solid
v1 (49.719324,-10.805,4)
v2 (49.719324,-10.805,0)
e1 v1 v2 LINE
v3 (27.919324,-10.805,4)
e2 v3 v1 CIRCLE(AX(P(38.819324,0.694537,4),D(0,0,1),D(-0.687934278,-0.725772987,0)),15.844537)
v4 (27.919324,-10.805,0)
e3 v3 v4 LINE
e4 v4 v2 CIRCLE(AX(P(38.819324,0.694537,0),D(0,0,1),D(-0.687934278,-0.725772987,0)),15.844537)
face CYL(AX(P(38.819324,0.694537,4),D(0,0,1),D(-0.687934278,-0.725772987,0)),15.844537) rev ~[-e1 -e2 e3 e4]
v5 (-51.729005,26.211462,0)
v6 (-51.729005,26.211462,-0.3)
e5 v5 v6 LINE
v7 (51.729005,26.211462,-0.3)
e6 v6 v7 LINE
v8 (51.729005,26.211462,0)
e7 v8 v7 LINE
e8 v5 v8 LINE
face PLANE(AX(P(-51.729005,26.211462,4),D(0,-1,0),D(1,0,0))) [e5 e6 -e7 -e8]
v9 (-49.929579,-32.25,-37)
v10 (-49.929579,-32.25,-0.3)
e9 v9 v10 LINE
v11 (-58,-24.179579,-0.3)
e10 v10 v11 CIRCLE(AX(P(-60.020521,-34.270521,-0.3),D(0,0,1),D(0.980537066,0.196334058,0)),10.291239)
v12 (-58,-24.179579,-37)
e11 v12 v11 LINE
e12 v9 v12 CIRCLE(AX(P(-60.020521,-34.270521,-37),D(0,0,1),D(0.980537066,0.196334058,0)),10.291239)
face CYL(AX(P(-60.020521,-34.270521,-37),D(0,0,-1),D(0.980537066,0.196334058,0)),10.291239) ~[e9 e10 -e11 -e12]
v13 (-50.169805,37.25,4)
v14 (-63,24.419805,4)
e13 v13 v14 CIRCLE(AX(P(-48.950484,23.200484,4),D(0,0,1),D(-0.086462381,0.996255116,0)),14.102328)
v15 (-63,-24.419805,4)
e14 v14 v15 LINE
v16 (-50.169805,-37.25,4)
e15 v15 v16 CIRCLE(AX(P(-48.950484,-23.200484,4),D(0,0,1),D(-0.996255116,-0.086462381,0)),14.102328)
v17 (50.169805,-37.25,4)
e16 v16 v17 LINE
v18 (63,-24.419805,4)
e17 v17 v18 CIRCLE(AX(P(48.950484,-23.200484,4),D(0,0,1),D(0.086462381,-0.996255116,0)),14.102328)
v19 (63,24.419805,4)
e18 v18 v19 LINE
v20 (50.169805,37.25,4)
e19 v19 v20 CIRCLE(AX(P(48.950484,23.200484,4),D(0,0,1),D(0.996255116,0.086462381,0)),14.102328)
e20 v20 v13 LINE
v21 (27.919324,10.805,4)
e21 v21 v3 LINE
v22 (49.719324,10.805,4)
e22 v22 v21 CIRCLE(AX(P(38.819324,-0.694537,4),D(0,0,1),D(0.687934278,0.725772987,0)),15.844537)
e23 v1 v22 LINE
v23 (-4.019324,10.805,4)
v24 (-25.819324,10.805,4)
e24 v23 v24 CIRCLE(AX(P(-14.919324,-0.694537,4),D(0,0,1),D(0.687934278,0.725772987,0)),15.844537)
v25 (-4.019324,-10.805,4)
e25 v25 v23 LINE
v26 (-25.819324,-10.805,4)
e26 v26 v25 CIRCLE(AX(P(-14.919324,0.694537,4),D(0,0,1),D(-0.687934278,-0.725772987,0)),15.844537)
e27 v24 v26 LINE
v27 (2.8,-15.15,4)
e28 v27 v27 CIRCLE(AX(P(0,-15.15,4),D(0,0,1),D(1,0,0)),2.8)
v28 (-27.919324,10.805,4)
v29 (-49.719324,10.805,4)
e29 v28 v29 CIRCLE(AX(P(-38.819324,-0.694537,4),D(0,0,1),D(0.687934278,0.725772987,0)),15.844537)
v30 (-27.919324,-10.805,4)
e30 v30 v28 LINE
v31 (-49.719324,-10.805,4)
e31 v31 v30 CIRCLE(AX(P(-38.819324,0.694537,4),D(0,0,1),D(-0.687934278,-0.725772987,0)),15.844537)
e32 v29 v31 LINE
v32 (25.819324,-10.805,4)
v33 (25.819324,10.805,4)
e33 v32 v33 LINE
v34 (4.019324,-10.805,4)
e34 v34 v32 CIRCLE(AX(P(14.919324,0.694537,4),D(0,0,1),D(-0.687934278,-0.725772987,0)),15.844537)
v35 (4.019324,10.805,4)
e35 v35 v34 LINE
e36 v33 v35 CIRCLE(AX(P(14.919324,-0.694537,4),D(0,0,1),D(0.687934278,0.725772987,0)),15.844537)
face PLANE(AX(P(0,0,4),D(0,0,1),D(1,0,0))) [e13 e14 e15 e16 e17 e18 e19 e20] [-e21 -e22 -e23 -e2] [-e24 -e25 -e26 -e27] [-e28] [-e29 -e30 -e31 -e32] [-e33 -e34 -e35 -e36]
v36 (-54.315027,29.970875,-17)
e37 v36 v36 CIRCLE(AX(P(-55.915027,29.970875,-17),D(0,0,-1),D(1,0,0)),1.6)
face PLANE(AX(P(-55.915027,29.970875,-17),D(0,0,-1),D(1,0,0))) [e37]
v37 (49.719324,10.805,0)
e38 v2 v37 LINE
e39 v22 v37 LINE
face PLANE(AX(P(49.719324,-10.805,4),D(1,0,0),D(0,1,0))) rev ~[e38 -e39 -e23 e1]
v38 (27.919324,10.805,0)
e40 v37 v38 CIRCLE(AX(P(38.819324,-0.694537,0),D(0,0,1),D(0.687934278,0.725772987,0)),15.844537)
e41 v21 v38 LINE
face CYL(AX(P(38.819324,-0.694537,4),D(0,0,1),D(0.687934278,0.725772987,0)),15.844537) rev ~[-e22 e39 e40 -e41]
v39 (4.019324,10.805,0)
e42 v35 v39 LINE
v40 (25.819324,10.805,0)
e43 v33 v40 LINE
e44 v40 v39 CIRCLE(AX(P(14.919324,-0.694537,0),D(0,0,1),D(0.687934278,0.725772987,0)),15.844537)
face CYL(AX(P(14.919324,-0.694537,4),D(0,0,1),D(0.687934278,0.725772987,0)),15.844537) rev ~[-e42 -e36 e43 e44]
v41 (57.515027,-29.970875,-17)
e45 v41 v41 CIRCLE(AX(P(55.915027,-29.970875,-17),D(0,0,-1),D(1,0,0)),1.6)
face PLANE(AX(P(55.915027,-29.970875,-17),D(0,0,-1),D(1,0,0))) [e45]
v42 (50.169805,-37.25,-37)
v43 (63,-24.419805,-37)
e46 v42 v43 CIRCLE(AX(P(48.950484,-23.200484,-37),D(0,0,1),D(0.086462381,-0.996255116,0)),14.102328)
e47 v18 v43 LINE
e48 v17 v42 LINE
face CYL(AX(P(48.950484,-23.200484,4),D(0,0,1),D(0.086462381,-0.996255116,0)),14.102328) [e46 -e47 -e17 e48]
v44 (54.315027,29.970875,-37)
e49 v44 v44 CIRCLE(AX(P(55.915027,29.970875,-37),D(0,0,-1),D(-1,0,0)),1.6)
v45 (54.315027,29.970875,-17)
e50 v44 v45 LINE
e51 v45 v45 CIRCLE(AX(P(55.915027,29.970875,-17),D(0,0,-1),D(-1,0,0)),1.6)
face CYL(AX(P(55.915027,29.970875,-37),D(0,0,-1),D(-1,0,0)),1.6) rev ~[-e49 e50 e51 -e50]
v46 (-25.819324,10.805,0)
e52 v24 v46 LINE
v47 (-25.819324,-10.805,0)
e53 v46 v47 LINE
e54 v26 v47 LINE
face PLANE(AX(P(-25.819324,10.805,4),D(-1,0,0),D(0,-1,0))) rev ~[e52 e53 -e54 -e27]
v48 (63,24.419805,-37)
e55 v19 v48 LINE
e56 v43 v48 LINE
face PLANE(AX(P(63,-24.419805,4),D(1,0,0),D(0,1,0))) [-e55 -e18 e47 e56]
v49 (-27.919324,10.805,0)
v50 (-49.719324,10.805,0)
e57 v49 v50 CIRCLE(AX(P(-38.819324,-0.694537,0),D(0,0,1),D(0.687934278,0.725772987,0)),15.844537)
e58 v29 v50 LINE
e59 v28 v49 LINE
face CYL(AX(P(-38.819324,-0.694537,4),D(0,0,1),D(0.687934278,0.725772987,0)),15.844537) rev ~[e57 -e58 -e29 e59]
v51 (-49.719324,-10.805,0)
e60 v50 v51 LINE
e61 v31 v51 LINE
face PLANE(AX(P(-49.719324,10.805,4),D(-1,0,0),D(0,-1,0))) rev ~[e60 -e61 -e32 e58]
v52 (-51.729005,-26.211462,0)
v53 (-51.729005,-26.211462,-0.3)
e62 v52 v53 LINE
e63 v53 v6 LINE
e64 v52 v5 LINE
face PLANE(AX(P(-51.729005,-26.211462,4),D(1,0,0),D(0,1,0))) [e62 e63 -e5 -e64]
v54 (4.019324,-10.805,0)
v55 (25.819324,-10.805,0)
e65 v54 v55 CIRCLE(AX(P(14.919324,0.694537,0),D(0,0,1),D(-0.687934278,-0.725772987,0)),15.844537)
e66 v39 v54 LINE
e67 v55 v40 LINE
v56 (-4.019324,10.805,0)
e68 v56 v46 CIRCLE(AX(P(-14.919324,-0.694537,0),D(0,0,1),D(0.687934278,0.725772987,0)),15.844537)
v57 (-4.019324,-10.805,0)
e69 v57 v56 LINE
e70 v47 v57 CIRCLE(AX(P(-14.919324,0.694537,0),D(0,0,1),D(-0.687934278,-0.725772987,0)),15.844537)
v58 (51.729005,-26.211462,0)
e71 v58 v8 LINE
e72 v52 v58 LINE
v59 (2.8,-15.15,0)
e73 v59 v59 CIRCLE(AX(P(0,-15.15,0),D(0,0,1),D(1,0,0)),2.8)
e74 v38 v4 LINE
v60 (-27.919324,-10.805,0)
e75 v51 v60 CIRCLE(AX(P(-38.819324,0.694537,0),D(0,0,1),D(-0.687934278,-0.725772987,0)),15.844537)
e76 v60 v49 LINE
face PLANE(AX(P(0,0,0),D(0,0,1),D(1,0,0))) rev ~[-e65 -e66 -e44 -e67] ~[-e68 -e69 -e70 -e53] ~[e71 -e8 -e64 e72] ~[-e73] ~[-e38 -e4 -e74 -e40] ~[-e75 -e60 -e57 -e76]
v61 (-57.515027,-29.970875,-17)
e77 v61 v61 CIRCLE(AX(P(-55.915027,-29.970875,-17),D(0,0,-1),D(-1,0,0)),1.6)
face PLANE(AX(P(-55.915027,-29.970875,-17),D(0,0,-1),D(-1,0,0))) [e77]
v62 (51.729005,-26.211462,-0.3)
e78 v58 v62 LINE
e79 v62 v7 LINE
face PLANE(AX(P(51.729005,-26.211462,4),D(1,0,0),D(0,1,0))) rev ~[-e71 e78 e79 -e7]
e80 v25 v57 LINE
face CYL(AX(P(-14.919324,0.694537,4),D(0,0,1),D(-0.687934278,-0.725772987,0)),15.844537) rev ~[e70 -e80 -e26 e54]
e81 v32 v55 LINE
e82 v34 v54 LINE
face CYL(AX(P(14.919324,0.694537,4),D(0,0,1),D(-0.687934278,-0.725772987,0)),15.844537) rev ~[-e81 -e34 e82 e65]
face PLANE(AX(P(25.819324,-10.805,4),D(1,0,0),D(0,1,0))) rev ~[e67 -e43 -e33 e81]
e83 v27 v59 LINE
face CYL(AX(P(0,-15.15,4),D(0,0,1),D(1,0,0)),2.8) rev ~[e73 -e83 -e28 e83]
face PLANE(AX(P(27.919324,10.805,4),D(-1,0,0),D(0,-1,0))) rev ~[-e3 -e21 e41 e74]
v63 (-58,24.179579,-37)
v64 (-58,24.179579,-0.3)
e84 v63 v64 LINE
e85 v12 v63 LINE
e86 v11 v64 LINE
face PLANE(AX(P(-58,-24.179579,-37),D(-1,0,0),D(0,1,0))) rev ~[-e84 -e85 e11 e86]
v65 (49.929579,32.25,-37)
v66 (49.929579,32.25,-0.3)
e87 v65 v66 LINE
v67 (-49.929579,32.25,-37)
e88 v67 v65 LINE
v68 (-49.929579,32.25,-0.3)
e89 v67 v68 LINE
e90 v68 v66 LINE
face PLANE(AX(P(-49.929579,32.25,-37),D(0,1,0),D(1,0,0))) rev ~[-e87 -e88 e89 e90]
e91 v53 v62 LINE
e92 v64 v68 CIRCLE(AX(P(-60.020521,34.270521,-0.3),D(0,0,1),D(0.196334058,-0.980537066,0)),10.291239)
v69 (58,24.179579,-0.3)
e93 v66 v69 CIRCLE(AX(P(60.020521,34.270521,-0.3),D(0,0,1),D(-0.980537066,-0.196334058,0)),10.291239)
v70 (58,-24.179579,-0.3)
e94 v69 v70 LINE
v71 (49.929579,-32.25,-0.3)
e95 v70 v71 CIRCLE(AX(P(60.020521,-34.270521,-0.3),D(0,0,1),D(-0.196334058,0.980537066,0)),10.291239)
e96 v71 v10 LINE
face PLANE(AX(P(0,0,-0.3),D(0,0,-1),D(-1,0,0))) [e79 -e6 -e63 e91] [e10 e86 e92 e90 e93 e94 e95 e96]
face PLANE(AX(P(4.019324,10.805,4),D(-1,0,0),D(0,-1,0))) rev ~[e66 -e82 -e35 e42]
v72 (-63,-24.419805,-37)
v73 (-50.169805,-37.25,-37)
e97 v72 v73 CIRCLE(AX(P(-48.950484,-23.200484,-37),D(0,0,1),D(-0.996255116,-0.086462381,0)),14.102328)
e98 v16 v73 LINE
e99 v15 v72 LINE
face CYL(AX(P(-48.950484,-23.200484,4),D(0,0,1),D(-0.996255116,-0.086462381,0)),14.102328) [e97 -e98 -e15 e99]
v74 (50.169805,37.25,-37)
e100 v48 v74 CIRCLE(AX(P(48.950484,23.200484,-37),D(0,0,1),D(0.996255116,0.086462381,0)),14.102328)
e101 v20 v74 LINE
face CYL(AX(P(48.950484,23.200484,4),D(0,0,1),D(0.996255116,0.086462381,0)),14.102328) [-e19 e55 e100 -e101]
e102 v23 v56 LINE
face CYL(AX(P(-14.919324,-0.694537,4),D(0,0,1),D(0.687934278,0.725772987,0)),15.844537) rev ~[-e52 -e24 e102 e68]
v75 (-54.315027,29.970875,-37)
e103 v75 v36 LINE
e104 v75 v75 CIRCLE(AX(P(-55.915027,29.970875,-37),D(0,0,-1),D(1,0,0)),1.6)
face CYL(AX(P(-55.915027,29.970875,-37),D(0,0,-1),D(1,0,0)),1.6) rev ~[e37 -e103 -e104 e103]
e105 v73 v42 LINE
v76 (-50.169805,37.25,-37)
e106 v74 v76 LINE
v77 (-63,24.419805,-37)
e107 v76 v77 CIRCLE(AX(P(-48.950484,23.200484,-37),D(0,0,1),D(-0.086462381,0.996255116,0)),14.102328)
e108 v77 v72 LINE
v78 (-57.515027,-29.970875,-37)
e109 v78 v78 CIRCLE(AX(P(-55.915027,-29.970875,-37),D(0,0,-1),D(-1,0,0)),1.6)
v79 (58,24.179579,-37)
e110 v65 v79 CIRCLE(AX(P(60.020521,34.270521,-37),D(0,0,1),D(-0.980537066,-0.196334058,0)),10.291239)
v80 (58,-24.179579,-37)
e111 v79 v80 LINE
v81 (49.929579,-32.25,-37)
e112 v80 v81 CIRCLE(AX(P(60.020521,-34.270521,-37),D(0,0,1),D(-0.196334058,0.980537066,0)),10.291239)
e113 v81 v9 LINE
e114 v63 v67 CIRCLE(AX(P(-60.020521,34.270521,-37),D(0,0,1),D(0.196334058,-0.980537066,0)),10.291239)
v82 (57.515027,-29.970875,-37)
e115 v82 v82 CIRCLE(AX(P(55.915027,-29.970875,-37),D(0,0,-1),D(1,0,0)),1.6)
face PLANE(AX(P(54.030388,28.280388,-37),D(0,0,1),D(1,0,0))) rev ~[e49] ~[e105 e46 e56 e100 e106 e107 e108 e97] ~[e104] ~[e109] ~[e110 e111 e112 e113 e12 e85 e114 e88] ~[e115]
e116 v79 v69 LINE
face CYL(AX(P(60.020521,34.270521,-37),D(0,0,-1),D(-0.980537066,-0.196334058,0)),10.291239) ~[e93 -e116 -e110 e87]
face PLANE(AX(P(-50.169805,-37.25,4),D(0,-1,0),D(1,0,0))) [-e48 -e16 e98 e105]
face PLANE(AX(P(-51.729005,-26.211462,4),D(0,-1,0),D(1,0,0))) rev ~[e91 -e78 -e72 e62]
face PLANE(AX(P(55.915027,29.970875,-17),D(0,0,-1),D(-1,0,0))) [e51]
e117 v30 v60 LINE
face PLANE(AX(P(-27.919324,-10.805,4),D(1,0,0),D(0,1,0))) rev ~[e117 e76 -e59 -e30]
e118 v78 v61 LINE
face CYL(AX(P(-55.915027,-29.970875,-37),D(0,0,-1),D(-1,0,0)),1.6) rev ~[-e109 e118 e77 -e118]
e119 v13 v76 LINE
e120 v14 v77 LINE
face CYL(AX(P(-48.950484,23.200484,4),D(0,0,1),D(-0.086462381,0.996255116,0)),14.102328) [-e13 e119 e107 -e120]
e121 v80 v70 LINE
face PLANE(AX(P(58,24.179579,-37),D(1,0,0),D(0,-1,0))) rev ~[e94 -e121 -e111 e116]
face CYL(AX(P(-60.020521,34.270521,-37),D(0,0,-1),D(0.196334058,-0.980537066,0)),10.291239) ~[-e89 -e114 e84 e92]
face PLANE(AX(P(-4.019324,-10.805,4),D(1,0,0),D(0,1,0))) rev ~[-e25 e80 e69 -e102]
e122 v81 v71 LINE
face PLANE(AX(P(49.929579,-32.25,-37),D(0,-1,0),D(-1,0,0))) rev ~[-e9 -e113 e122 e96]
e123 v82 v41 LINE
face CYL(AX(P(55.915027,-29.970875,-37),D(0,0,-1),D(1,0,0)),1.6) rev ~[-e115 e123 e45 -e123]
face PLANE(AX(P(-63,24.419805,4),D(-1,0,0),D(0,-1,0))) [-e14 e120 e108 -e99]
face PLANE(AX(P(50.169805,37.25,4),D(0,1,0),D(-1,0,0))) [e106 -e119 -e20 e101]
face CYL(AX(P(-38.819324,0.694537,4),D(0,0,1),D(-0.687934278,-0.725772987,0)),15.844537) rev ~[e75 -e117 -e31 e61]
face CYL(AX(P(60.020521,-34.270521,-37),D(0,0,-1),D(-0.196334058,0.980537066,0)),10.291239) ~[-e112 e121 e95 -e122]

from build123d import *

# Parameters (mm, degrees)
SKETCH_1_W          = 106
SKETCH_1_H          = 54.5
EXTRUDE_1_DEPTH     = 4
SKETCH_2_R          = 2.8
CUT_EXTRUDE_1_DEPTH = 4
SKETCH_3_W          = 103.45800924
SKETCH_3_H          = 52.422924748
EXTRUDE_2_DEPTH     = 41
CUT_EXTRUDE_2_DEPTH = 36.7
EXTRUDE_START       = 36.7
EXTRUDE_3_DEPTH     = 36.7
SKETCH_7_R          = 1.6
CUT_EXTRUDE_3_DEPTH = 20


with BuildPart() as part:
    # Эскиз1 → Бобышка-Вытянуть1 (new body)
    with BuildSketch(Plane.XY):
        Rectangle(SKETCH_1_W, SKETCH_1_H)
    extrude(amount=EXTRUDE_1_DEPTH)

    # Эскиз2 → Вырез-Вытянуть1 (cut)
    with BuildSketch(Plane.XY.offset(4)):
        with Locations((0, -15.15)):
            Circle(SKETCH_2_R)
        with BuildLine():
            Line((-49.719324036, 10.805), (-49.719324036, -10.805))
            ThreePointArc((-49.719324036, -10.805), (-38.819324036, -15.15), (-27.919324036, -10.805))
            Line((-27.919324036, -10.805), (-27.919324036, 10.805))
            ThreePointArc((-27.919324036, 10.805), (-38.819324036, 15.15), (-49.719324036, 10.805))
        make_face()
        with BuildLine():
            Line((-25.819324036, 10.805), (-25.819324036, -10.805))
            ThreePointArc((-25.819324036, -10.805), (-14.919324036, -15.15), (-4.019324036, -10.805))
            Line((-4.019324036, -10.805), (-4.019324036, 10.805))
            ThreePointArc((-4.019324036, 10.805), (-14.919324036, 15.15), (-25.819324036, 10.805))
        make_face()
        with BuildLine():
            Line((4.019324036, 10.805), (4.019324036, -10.805))
            ThreePointArc((4.019324036, -10.805), (14.919324036, -15.15), (25.819324036, -10.805))
            Line((25.819324036, -10.805), (25.819324036, 10.805))
            ThreePointArc((25.819324036, 10.805), (14.919324036, 15.15), (4.019324036, 10.805))
        make_face()
        with BuildLine():
            Line((27.919324036, 10.805), (27.919324036, -10.805))
            ThreePointArc((27.919324036, -10.805), (38.819324036, -15.15), (49.719324036, -10.805))
            Line((49.719324036, -10.805), (49.719324036, 10.805))
            ThreePointArc((49.719324036, 10.805), (38.819324036, 15.15), (27.919324036, 10.805))
        make_face()
    extrude(amount=-CUT_EXTRUDE_1_DEPTH, mode=Mode.SUBTRACT)

    # Эскиз3 → Бобышка-Вытянуть2 (add)
    with BuildSketch(Plane.XY.offset(4)):
        with BuildLine():
            Line((63, -24.419804811), (63, 24.419804811))
            ThreePointArc((63, 24.419804811), (58.922335459, 33.172335459), (50.169804811, 37.25))
            Line((50.169804811, 37.25), (-50.169804811, 37.25))
            ThreePointArc((-50.169804811, 37.25), (-58.922335459, 33.172335459), (-63, 24.419804811))
            Line((-63, 24.419804811), (-63, -24.419804811))
            ThreePointArc((-63, -24.419804811), (-58.922335459, -33.172335459), (-50.169804811, -37.25))
            Line((-50.169804811, -37.25), (50.169804811, -37.25))
            ThreePointArc((50.169804811, -37.25), (58.922335459, -33.172335459), (63, -24.419804811))
        make_face()
        Rectangle(SKETCH_3_W, SKETCH_3_H, mode=Mode.SUBTRACT)
    extrude(amount=-EXTRUDE_2_DEPTH)

    # Эскиз5 → Вырез-Вытянуть2 (cut)
    with BuildSketch(Plane(origin=(0, 0, -37), x_dir=(-1, 0, 0), z_dir=(0, 0, -1))):
        with BuildLine():
            Line((-58, 24.179579232), (-58, -24.179579232))
            ThreePointArc((-58, -24.179579232), (-55.386801553, -29.636801553), (-49.929579232, -32.25))
            Line((-49.929579232, -32.25), (49.929579232, -32.25))
            ThreePointArc((49.929579232, -32.25), (55.386801553, -29.636801553), (58, -24.179579232))
            Line((58, -24.179579232), (58, 24.179579232))
            ThreePointArc((58, 24.179579232), (55.386801553, 29.636801553), (49.929579232, 32.25))
            Line((49.929579232, 32.25), (-49.929579232, 32.25))
            ThreePointArc((-49.929579232, 32.25), (-55.386801553, 29.636801553), (-58, 24.179579232))
        make_face()
    extrude(amount=-CUT_EXTRUDE_2_DEPTH, mode=Mode.SUBTRACT)

    # Эскиз6 → Бобышка-Вытянуть3 (add)
    with BuildSketch(Plane(origin=(0, 0, -0.3), x_dir=(-1, 0, 0), z_dir=(0, 0, -1)).offset(EXTRUDE_START)):
        with BuildLine():
            ThreePointArc((-49.929579232, 32.25), (-52.743515709, 26.993515709), (-58, 24.179579232))
            ThreePointArc((-58, 24.179579232), (-55.386801553, 29.636801553), (-49.929579232, 32.25))
        make_face()
        with BuildLine():
            ThreePointArc((49.929579232, 32.25), (55.386801553, 29.636801553), (58, 24.179579232))
            ThreePointArc((58, 24.179579232), (52.743515709, 26.993515709), (49.929579232, 32.25))
        make_face()
        with BuildLine():
            ThreePointArc((49.929579232, -32.25), (52.743515709, -26.993515709), (58, -24.179579232))
            ThreePointArc((58, -24.179579232), (55.386801553, -29.636801553), (49.929579232, -32.25))
        make_face()
        with BuildLine():
            ThreePointArc((-49.929579232, -32.25), (-55.386801553, -29.636801553), (-58, -24.179579232))
            ThreePointArc((-58, -24.179579232), (-52.743515709, -26.993515709), (-49.929579232, -32.25))
        make_face()
    extrude(amount=-EXTRUDE_3_DEPTH)

    # Эскиз7 → Вырез-Вытянуть3 (cut)
    with BuildSketch(Plane(origin=(0, 0, -37), x_dir=(-1, 0, 0), z_dir=(0, 0, -1))):
        with Locations((-55.91502671, 29.970875188)):
            Circle(SKETCH_7_R)
        with Locations(Location((55.91502671, 29.970875188, 0), (0, 0, 180))):
            Circle(SKETCH_7_R)
        with Locations((55.91502671, -29.970875188)):
            Circle(SKETCH_7_R)
        with Locations(Location((-55.91502671, -29.970875188, 0), (0, 0, 180))):
            Circle(SKETCH_7_R)
    extrude(amount=-CUT_EXTRUDE_3_DEPTH, mode=Mode.SUBTRACT)


solid = part.part
